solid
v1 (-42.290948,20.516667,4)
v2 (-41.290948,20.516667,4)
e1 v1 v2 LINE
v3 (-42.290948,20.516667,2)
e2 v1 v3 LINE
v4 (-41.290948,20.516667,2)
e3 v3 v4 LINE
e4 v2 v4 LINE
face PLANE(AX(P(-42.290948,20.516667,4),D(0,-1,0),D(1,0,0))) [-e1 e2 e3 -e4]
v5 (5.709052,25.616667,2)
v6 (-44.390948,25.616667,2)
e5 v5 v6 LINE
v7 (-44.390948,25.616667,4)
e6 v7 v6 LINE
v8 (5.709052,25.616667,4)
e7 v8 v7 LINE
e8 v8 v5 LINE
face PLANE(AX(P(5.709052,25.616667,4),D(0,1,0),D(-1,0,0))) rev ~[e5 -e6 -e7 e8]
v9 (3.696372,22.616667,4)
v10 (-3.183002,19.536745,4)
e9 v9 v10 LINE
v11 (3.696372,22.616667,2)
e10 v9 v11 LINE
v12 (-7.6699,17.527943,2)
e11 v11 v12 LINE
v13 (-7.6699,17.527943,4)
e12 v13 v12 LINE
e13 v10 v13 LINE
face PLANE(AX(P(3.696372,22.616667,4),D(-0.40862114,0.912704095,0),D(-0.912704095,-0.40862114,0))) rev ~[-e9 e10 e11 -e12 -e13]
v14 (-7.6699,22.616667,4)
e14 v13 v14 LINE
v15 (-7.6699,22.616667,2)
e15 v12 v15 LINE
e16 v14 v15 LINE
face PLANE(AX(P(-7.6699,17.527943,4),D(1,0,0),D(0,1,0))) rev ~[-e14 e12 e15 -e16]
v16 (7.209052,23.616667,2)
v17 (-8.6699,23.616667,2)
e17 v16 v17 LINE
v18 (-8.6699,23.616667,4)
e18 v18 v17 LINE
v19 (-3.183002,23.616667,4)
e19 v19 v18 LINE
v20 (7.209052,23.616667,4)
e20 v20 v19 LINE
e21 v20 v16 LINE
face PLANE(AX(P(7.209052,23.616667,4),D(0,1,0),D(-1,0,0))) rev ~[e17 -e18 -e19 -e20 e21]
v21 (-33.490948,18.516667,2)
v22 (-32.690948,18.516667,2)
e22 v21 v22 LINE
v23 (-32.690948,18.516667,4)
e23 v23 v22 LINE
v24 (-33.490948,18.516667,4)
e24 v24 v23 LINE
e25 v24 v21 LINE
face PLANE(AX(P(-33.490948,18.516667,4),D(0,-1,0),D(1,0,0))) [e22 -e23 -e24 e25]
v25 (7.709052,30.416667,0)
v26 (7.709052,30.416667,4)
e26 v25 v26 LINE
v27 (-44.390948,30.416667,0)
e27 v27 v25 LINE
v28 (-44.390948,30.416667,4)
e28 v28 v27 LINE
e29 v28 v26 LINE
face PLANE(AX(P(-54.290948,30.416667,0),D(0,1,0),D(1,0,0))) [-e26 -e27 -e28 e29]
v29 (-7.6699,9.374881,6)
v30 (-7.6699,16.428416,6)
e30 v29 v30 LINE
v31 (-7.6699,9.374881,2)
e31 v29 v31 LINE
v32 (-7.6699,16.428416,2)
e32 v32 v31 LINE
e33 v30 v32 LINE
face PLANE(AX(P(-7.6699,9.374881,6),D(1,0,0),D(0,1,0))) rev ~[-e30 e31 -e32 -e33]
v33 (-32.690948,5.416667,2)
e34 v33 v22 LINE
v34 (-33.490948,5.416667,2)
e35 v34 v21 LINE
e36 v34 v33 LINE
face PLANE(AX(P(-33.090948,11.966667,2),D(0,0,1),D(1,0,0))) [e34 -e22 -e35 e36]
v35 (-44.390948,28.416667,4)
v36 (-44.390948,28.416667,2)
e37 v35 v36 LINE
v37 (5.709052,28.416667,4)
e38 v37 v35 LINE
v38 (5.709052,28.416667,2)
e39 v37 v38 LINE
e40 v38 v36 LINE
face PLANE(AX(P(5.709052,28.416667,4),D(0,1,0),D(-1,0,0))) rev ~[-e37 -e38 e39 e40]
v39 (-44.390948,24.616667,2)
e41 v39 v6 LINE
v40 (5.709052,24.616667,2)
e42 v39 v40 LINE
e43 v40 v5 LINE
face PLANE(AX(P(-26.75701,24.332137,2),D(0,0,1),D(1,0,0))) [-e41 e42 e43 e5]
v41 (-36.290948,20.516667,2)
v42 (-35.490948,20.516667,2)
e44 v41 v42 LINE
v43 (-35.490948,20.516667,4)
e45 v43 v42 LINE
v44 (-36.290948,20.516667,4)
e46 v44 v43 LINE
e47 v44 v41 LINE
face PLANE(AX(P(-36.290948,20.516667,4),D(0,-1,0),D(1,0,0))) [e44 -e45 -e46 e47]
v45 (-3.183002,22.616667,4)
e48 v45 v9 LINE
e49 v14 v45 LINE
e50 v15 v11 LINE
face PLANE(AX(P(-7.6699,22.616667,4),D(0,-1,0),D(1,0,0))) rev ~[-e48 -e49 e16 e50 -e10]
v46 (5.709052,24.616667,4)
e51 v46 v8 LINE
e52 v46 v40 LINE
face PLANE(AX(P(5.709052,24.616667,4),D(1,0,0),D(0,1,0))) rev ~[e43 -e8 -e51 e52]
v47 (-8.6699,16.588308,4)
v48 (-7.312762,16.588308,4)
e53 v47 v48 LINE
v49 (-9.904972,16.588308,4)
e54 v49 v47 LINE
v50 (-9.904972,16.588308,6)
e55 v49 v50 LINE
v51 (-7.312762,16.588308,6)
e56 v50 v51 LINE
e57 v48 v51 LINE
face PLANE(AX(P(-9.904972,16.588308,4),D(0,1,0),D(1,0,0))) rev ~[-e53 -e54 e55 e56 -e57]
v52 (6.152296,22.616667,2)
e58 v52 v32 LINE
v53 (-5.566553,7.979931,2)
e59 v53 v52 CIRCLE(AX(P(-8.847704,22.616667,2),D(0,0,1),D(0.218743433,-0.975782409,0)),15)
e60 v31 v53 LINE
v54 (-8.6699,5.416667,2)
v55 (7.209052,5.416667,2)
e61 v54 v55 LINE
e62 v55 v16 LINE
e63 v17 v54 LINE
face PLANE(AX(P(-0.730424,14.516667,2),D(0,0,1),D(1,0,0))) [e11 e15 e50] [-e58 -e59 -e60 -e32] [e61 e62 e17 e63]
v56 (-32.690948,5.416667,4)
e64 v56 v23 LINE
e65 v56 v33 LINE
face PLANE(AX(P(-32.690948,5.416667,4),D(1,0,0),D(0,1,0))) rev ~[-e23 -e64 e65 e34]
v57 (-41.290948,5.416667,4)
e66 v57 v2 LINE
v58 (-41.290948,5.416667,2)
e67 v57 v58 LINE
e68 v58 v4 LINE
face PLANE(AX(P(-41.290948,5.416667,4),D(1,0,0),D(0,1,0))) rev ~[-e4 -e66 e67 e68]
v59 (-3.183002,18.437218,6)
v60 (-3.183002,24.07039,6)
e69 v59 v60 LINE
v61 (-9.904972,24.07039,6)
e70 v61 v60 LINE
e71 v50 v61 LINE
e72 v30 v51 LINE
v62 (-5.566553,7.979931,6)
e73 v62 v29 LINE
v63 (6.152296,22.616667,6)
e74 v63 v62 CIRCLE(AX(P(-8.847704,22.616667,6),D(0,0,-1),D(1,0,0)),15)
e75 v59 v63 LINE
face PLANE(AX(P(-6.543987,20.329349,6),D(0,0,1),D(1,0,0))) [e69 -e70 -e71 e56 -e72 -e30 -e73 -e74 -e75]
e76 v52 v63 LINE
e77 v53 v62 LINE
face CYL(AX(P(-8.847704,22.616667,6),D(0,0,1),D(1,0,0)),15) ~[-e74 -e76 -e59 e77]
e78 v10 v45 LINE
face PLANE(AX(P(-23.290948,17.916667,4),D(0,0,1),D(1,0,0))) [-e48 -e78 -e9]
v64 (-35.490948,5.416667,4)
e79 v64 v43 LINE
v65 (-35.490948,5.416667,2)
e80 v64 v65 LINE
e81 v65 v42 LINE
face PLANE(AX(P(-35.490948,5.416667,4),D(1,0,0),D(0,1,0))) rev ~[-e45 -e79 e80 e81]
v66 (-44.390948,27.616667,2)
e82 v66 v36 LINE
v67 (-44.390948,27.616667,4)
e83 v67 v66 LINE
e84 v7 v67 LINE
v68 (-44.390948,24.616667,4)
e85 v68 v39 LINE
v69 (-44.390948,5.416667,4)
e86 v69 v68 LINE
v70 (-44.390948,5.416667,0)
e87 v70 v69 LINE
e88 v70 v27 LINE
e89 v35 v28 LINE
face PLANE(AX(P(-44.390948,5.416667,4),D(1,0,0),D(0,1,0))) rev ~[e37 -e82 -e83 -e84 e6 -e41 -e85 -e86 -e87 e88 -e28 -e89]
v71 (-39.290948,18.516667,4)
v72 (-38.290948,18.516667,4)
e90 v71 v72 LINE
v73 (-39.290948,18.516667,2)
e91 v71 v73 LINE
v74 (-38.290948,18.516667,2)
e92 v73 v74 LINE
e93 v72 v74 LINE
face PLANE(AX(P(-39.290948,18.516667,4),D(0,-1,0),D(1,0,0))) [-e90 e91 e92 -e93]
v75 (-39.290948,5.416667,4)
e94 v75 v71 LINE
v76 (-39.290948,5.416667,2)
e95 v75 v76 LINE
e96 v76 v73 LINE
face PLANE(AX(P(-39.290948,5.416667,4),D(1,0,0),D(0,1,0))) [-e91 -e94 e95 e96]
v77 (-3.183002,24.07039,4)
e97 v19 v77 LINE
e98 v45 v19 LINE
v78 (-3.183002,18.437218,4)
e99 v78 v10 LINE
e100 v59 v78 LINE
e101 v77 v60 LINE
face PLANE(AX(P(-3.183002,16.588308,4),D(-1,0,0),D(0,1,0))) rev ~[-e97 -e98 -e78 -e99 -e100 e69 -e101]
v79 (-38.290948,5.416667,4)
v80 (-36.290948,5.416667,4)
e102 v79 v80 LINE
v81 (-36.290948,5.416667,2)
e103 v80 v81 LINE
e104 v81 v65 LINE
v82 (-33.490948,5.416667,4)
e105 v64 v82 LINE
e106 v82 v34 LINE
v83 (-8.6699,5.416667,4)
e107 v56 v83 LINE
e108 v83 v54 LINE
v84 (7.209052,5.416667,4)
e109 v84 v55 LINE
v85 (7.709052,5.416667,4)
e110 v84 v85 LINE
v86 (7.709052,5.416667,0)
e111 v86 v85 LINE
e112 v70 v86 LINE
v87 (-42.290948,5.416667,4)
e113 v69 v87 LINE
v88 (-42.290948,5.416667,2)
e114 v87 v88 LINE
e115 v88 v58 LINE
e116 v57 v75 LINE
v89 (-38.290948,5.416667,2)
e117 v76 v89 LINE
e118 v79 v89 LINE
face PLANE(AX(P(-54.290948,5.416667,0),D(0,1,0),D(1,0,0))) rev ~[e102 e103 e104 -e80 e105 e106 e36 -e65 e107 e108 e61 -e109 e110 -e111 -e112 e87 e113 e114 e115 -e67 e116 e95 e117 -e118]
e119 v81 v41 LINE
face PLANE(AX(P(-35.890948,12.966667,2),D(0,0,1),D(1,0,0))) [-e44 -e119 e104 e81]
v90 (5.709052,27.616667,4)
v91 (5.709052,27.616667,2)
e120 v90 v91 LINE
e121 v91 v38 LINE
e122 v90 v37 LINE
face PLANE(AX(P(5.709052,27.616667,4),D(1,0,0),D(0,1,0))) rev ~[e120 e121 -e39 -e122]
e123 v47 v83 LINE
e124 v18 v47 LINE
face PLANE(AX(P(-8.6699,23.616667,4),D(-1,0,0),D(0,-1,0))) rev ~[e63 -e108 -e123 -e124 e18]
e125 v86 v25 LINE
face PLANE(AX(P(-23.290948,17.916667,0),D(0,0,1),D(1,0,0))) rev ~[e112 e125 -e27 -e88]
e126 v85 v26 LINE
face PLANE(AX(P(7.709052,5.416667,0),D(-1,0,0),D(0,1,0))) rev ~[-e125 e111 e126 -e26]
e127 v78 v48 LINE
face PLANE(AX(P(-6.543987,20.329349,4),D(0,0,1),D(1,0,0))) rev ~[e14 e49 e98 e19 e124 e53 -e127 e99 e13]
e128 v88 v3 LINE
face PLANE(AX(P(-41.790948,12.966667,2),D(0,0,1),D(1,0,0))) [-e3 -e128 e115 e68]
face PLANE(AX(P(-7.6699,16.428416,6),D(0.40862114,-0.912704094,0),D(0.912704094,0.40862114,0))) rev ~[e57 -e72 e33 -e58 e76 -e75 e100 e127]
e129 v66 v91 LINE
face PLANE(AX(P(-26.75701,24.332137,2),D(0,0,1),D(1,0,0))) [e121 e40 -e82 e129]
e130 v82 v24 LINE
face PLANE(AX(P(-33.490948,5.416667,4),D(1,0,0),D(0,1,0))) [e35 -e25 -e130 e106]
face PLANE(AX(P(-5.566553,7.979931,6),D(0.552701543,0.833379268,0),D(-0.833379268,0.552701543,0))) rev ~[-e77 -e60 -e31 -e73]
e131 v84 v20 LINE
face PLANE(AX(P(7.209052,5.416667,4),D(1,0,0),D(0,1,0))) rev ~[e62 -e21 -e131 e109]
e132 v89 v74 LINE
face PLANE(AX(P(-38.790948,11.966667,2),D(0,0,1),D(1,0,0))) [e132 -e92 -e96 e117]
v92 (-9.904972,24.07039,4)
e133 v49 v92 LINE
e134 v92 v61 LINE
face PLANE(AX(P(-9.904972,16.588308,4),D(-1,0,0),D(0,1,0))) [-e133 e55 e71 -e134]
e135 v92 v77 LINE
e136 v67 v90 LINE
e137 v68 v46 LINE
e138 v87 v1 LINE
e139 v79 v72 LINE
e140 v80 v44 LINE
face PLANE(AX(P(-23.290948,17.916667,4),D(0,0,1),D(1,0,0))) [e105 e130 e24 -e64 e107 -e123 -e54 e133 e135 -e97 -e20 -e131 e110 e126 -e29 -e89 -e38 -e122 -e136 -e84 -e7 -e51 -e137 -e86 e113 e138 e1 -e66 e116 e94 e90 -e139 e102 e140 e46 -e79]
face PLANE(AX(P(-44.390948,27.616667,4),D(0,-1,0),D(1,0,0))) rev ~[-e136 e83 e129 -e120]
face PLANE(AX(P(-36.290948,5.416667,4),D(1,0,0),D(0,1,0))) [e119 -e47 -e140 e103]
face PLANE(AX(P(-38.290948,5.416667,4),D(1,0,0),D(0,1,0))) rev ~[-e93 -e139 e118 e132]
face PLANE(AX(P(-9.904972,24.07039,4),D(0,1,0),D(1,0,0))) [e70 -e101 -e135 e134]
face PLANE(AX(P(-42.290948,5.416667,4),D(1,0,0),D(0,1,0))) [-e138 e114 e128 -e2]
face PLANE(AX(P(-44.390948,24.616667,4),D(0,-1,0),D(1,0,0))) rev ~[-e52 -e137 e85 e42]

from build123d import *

# Parameters (mm, degrees)
CROQUIS1_W              = 62
CROQUIS1_H              = 25
SALIENTE_EXTRUIR1_DEPTH = 4
CROQUIS2_W              = 1
CROQUIS2_H              = 15.1
CROQUIS2_H_2            = 13.1
CROQUIS2_W_2            = 0.8
CORTAR_EXTRUIR1_DEPTH   = 2
SALIENTE_EXTRUIR7_START = 2
SALIENTE_EXTRUIR7_DEPTH = 2
CROQUIS6_W              = 6.721970081
CROQUIS6_H              = 7.48208129
SALIENTE_EXTRUIR8_DEPTH = 2
CROQUIS7_W              = 9.9
CROQUIS7_H              = 25
CORTAR_EXTRUIR2_DEPTH   = 2


with BuildPart() as part:
    # Croquis1 → Saliente-Extruir1 (new body)
    with BuildSketch(Plane.XY):
        with Locations((-23.290947876, 17.916666667)):
            Rectangle(CROQUIS1_W, CROQUIS1_H)
    extrude(amount=SALIENTE_EXTRUIR1_DEPTH)

    # Croquis2 → Cortar-Extruir1 (cut)
    # profile 1 of 6: a face of its own
    with BuildSketch(Plane.XY.offset(4)):
        Polygon((5.709052124, 25.616666667), (-44.390947876, 25.616666667), (-44.390947876, 27.616666667), (5.709052124, 27.616666667), (5.709052124, 28.416666667), (-44.390947876, 28.416666667), (-44.390947876, 30.416666667), (-54.290947876, 30.416666667), (-54.290947876, 5.416666667), (-44.390947876, 5.416666667), (-44.390947876, 24.616666667), (5.709052124, 24.616666667), align=None)
    # profile 2 of 6: a face of its own
    with BuildSketch(Plane.XY.offset(4)):
        Polygon((7.209052124, 23.616666667), (-8.669899716, 23.616666667), (-8.669899716, 22.207688927), (-8.669899716, 5.416666667), (7.209052124, 5.416666667), align=None)
        with BuildLine():
            Line((6.152295829, 22.616666667), (-7.669899716, 16.428416464))
            Line((-7.669899716, 16.428416464), (-7.669899716, 9.374881416))
            Line((-7.669899716, 9.374881416), (-5.566552681, 7.979930525))
            ThreePointArc((-5.566552681, 7.979930525), (2.861635527, 13.241627263), (6.152295829, 22.616666667))
        make_face(mode=Mode.SUBTRACT)
        Polygon((-7.669899716, 22.616666667), (3.696371878, 22.616666667), (-7.669899716, 17.52794308), align=None, mode=Mode.SUBTRACT)
    # profile 3 of 6: a face of its own
    with BuildSketch(Plane.XY.offset(4)):
        with Locations((-41.790947876, 12.966666667)):
            Rectangle(CROQUIS2_W, CROQUIS2_H)
    # profile 4 of 6: a face of its own
    with BuildSketch(Plane.XY.offset(4)):
        with Locations((-38.790947876, 11.966666667)):
            Rectangle(CROQUIS2_W, CROQUIS2_H_2)
    # profile 5 of 6: a face of its own
    with BuildSketch(Plane.XY.offset(4)):
        with Locations((-35.890947876, 12.966666667)):
            Rectangle(CROQUIS2_W_2, CROQUIS2_H)
    # profile 6 of 6: a face of its own
    with BuildSketch(Plane.XY.offset(4)):
        with Locations((-33.090947876, 11.966666667)):
            Rectangle(CROQUIS2_W_2, CROQUIS2_H_2)
    extrude(amount=-CORTAR_EXTRUIR1_DEPTH, mode=Mode.SUBTRACT)

    # Croquis4 → Saliente-Extruir7 (add)
    with BuildSketch(Plane.XY.offset(4).offset(SALIENTE_EXTRUIR7_START)):
        with BuildLine():
            Line((-5.566552681, 7.979930525), (-7.669899716, 9.374881416))
            Line((-7.669899716, 9.374881416), (-7.669899716, 16.428416464))
            Line((-7.669899716, 16.428416464), (6.152295829, 22.616666667))
            ThreePointArc((6.152295829, 22.616666667), (2.861635527, 13.241627263), (-5.566552681, 7.979930525))
        make_face()
    extrude(amount=-SALIENTE_EXTRUIR7_DEPTH)

    # Croquis6 → Saliente-Extruir8 (add)
    with BuildSketch(Plane.XY.offset(4)):
        with Locations((-6.543986658, 20.329349066)):
            Rectangle(CROQUIS6_W, CROQUIS6_H)
    extrude(amount=SALIENTE_EXTRUIR8_DEPTH)

    # Croquis7 → Cortar-Extruir2 (cut)
    with BuildSketch(Plane.XY.offset(2)):
        with Locations((-49.340947876, 17.916666667)):
            Rectangle(CROQUIS7_W, CROQUIS7_H)
    extrude(amount=-CORTAR_EXTRUIR2_DEPTH, mode=Mode.SUBTRACT)


solid = part.part
